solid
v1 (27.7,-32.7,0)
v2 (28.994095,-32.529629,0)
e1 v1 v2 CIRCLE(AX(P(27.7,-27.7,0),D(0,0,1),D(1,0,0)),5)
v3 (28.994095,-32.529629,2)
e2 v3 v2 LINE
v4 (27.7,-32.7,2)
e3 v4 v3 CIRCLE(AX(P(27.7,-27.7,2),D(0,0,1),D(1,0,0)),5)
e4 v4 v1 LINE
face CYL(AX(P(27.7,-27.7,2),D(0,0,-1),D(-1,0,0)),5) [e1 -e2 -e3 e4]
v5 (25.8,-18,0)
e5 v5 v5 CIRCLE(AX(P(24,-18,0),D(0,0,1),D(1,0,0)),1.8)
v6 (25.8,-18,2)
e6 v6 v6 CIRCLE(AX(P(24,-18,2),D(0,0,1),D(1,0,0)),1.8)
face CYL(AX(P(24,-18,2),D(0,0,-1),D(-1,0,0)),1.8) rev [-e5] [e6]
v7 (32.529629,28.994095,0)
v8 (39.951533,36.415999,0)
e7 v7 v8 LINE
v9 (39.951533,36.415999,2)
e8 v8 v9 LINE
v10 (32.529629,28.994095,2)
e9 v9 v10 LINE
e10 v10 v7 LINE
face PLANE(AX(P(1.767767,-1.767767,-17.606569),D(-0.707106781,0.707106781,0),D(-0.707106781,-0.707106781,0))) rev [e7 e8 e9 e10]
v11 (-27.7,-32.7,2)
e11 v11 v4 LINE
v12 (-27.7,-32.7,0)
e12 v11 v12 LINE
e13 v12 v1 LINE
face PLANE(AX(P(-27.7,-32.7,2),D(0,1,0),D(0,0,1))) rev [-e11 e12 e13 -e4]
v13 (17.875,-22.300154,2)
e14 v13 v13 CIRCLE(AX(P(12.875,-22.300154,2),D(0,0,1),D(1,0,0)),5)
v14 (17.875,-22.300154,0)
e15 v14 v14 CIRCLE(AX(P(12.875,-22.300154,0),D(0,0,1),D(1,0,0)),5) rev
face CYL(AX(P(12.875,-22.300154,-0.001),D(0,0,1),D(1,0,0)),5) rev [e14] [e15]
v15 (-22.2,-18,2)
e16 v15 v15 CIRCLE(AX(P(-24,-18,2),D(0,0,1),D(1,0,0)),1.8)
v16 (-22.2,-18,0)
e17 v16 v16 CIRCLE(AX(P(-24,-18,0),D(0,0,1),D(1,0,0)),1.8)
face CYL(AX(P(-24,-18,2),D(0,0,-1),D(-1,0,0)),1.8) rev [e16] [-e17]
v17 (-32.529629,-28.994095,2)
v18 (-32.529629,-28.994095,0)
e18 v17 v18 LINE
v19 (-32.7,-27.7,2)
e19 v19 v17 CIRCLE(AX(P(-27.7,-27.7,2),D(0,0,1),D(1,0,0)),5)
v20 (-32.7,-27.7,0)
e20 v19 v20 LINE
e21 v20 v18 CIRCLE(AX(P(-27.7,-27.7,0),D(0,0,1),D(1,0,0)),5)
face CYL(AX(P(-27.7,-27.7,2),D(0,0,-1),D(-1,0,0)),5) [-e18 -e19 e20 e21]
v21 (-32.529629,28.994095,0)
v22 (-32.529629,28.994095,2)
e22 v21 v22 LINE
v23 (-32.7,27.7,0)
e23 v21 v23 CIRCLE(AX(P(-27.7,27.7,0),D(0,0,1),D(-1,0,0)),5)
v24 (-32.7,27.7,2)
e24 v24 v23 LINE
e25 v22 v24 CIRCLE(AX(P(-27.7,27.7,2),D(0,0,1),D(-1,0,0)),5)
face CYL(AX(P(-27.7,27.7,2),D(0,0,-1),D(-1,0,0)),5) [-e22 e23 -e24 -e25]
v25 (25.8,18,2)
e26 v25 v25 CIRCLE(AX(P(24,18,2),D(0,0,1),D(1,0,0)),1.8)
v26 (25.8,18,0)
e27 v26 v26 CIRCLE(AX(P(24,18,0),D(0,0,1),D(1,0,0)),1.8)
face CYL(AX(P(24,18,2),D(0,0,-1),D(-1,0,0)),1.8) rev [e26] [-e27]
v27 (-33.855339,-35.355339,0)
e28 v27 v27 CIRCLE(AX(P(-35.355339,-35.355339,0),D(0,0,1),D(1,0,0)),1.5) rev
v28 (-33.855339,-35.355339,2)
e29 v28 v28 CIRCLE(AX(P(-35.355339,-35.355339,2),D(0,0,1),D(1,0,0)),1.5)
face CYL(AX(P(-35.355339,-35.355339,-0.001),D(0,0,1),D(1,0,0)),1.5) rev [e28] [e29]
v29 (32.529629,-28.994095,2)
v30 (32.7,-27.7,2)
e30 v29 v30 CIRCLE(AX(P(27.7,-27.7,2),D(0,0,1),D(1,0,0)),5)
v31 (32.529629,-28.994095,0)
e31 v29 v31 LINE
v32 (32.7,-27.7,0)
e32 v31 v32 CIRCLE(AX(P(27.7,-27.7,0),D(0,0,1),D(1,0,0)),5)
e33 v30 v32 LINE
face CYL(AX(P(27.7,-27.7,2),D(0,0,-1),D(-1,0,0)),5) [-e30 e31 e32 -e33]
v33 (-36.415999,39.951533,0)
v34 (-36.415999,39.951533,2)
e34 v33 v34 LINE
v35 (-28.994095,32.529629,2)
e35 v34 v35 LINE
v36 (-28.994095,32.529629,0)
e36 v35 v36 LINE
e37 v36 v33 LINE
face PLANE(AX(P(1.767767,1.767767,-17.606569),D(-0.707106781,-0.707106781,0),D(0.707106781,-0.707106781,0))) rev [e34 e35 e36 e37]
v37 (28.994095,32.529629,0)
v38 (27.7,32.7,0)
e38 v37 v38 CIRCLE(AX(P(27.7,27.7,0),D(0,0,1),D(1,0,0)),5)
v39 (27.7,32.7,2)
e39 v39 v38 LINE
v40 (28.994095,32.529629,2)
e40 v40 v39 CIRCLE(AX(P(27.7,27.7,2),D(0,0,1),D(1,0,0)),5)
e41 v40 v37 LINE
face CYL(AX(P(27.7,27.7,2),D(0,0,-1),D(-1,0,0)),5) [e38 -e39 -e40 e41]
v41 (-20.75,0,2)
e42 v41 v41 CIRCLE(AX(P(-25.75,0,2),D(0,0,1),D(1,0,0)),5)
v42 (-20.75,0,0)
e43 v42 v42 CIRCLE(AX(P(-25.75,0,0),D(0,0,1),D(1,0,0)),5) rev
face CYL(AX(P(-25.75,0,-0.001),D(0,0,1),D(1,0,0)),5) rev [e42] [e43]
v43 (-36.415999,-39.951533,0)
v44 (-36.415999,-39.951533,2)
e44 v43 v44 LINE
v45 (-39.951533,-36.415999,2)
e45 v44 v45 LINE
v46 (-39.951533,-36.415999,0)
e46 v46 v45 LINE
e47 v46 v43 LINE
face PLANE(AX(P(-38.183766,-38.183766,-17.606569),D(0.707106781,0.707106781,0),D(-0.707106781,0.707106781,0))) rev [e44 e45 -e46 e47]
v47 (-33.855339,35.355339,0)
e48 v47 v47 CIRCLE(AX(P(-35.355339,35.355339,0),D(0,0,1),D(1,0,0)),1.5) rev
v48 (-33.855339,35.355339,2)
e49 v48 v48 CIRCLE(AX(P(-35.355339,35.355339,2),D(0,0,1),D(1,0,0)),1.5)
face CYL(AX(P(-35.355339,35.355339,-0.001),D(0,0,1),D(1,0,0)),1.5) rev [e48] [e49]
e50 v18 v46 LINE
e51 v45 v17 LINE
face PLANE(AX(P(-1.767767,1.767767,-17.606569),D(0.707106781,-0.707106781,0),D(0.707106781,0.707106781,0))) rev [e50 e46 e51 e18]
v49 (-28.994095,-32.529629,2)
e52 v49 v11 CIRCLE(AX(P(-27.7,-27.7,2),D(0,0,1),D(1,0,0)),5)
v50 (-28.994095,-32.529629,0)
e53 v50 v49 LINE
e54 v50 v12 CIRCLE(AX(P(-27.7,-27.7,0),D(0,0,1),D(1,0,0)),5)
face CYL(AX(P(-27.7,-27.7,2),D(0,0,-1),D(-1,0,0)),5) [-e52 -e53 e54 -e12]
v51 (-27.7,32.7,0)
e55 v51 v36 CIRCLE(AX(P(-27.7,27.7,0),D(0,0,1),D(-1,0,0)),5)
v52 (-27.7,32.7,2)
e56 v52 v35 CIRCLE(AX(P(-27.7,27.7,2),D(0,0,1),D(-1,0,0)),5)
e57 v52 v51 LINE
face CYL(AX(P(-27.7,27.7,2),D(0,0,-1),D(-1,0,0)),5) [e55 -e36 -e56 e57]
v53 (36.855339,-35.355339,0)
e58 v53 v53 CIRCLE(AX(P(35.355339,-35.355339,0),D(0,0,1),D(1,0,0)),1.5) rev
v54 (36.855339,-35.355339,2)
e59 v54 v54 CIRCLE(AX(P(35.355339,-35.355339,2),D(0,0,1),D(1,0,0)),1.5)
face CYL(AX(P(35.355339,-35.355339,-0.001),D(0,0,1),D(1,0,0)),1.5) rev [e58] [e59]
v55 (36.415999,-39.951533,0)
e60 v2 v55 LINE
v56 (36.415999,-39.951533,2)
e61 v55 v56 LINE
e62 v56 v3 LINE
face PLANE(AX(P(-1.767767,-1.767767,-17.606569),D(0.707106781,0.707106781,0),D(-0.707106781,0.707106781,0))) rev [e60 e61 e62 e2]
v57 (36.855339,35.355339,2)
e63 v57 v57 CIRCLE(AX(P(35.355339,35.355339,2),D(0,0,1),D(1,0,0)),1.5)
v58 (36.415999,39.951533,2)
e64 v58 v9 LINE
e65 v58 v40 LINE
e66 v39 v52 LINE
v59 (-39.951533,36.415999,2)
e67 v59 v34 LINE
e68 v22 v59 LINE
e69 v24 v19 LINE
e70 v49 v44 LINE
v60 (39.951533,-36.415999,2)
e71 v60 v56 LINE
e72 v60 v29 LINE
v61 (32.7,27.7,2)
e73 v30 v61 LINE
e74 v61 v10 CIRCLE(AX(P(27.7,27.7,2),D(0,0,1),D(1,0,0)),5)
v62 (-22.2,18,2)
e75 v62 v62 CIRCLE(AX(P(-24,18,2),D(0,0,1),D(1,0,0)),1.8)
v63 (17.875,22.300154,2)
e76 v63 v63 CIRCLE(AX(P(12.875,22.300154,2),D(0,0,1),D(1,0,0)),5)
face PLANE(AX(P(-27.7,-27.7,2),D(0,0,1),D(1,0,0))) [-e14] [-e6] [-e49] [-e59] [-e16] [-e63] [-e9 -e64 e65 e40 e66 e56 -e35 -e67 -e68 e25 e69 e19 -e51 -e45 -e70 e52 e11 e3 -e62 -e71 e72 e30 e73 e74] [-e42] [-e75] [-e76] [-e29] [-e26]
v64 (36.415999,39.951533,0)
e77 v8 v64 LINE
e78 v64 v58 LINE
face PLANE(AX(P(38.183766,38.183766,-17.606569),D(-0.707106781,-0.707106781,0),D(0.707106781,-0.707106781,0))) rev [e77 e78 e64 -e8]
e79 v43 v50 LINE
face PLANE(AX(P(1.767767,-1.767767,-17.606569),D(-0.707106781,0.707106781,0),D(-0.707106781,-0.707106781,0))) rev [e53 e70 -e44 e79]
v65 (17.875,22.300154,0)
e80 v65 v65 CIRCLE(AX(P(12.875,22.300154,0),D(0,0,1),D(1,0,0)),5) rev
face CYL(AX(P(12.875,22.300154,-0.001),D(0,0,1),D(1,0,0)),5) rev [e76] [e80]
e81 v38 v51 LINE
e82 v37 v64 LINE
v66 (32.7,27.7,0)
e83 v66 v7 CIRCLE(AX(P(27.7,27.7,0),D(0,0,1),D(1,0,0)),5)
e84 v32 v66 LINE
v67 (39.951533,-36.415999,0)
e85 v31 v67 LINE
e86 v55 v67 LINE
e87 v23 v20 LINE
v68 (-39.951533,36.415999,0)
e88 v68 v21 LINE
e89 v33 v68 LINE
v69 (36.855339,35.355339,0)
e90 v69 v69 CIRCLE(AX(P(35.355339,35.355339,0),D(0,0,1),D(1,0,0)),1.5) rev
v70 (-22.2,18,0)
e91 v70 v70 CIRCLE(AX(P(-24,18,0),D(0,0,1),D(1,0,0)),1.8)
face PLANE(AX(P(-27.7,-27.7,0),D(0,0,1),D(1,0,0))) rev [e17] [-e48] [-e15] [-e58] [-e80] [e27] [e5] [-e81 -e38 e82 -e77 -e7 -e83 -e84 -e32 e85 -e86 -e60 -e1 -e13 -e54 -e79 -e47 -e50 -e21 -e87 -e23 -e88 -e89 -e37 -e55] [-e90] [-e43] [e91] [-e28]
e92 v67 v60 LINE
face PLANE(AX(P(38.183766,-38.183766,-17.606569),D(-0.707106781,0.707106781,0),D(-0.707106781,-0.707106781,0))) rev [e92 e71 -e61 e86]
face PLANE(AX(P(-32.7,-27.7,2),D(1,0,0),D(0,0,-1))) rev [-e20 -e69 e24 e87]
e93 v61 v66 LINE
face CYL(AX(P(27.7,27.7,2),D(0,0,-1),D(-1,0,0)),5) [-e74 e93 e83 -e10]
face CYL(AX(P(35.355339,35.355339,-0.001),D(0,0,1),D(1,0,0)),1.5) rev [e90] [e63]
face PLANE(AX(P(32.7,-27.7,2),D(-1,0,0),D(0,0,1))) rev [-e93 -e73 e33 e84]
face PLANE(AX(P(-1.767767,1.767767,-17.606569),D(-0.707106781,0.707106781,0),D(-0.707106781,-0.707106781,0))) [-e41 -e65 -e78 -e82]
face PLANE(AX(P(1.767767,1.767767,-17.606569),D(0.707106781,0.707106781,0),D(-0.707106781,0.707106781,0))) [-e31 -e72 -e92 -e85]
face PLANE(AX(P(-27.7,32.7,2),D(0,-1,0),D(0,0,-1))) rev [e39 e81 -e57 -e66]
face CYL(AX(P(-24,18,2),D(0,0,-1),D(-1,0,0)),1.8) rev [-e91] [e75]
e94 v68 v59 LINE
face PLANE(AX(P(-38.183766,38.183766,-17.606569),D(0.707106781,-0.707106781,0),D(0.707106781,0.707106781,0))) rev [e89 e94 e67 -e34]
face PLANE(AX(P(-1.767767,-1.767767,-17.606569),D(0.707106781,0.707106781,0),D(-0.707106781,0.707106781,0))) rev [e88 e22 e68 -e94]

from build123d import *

# Parameters (mm, degrees)
SKETCH_1_R          = 1.8
EXTRUDE_1_DEPTH     = 2
EXTRUDE_START       = -2
EXTRUDE_2_DEPTH     = 2
CUT_EXTRUDE_1_REACH = 58.535
SKETCH_4_R          = 1.5
CUT_EXTRUDE_2_REACH = 58.535
SKETCH_5_R          = 5


with BuildPart() as part:
    # 草图1 → 凸台-拉伸1 (new body)
    with BuildSketch(Plane.XY):
        with BuildLine():
            Line((-27.7, -32.7), (27.7, -32.7))
            ThreePointArc((27.7, -32.7), (31.235533906, -31.235533906), (32.7, -27.7))
            Line((32.7, -27.7), (32.7, 27.7))
            ThreePointArc((32.7, 27.7), (31.235533906, 31.235533906), (27.7, 32.7))
            Line((27.7, 32.7), (-27.7, 32.7))
            ThreePointArc((-27.7, 32.7), (-31.235533906, 31.235533906), (-32.7, 27.7))
            Line((-32.7, 27.7), (-32.7, -27.7))
            ThreePointArc((-32.7, -27.7), (-31.235533906, -31.235533906), (-27.7, -32.7))
        make_face()
        with Locations((24, 18)):
            Circle(SKETCH_1_R, mode=Mode.SUBTRACT)
        with Locations((-24, 18)):
            Circle(SKETCH_1_R, mode=Mode.SUBTRACT)
        with Locations((-24, -18)):
            Circle(SKETCH_1_R, mode=Mode.SUBTRACT)
        with Locations((24, -18)):
            Circle(SKETCH_1_R, mode=Mode.SUBTRACT)
    extrude(amount=EXTRUDE_1_DEPTH)

    # 草图3 → 凸台-拉伸2 (add)
    with BuildSketch(Plane.XY.offset(2).offset(EXTRUDE_START)):
        with BuildLine():
            Line((-39.951533137, 36.415999231), (-33.003300859, 29.467766953))
            Line((-33.003300859, 29.467766953), (-32.529629131, 28.994095226))
            ThreePointArc((-32.529629131, 28.994095226), (-31.235533906, 31.235533906), (-28.994095226, 32.529629131))
            Line((-28.994095226, 32.529629131), (-29.467766953, 33.003300859))
            Line((-29.467766953, 33.003300859), (-36.415999231, 39.951533137))
            Line((-36.415999231, 39.951533137), (-39.951533137, 36.415999231))
        make_face()
        with BuildLine():
            ThreePointArc((-28.994095226, 32.529629131), (-31.235533906, 31.235533906), (-32.529629131, 28.994095226))
            Line((-32.529629131, 28.994095226), (-31.037342597, 27.501808691))
            Line((-31.037342597, 27.501808691), (-27.501808691, 31.037342597))
            Line((-27.501808691, 31.037342597), (-28.994095226, 32.529629131))
        make_face()
        with BuildLine():
            ThreePointArc((32.529629131, 28.994095226), (31.235533906, 31.235533906), (28.994095226, 32.529629131))
            Line((28.994095226, 32.529629131), (27.501808691, 31.037342597))
            Line((27.501808691, 31.037342597), (31.037342597, 27.501808691))
            Line((31.037342597, 27.501808691), (32.529629131, 28.994095226))
        make_face()
        with BuildLine():
            Line((29.467766953, 33.003300859), (28.994095226, 32.529629131))
            ThreePointArc((28.994095226, 32.529629131), (31.235533906, 31.235533906), (32.529629131, 28.994095226))
            Line((32.529629131, 28.994095226), (33.003300859, 29.467766953))
            Line((33.003300859, 29.467766953), (39.951533137, 36.415999231))
            Line((39.951533137, 36.415999231), (36.415999231, 39.951533137))
            Line((36.415999231, 39.951533137), (29.467766953, 33.003300859))
        make_face()
        with BuildLine():
            Line((27.501808691, -31.037342597), (28.994095226, -32.529629131))
            ThreePointArc((28.994095226, -32.529629131), (31.235533906, -31.235533906), (32.529629131, -28.994095226))
            Line((32.529629131, -28.994095226), (31.037342597, -27.501808691))
            Line((31.037342597, -27.501808691), (27.501808691, -31.037342597))
        make_face()
        with BuildLine():
            ThreePointArc((32.529629131, -28.994095226), (31.235533906, -31.235533906), (28.994095226, -32.529629131))
            Line((28.994095226, -32.529629131), (29.467766953, -33.003300859))
            Line((29.467766953, -33.003300859), (36.415999231, -39.951533137))
            Line((36.415999231, -39.951533137), (39.951533137, -36.415999231))
            Line((39.951533137, -36.415999231), (33.003300859, -29.467766953))
            Line((33.003300859, -29.467766953), (32.529629131, -28.994095226))
        make_face()
        with BuildLine():
            ThreePointArc((-28.994095226, -32.529629131), (-31.235533906, -31.235533906), (-32.529629131, -28.994095226))
            Line((-32.529629131, -28.994095226), (-33.003300859, -29.467766953))
            Line((-33.003300859, -29.467766953), (-39.951533137, -36.415999231))
            Line((-39.951533137, -36.415999231), (-36.415999231, -39.951533137))
            Line((-36.415999231, -39.951533137), (-29.467766953, -33.003300859))
            Line((-29.467766953, -33.003300859), (-28.994095226, -32.529629131))
        make_face()
        with BuildLine():
            Line((-31.037342597, -27.501808691), (-32.529629131, -28.994095226))
            ThreePointArc((-32.529629131, -28.994095226), (-31.235533906, -31.235533906), (-28.994095226, -32.529629131))
            Line((-28.994095226, -32.529629131), (-27.501808691, -31.037342597))
            Line((-27.501808691, -31.037342597), (-31.037342597, -27.501808691))
        make_face()
    extrude(amount=EXTRUDE_2_DEPTH)

    # 草图4 → 切除-拉伸1 (cut, up to next)
    with BuildSketch(Plane.XY.offset(2), mode=Mode.PRIVATE) as cut_extrude_1_sk1:
        with Locations((-35.355339059, 35.355339059)):
            Circle(SKETCH_4_R)
    cut_extrude_1_tool1 = extrude(cut_extrude_1_sk1.sketch, amount=-CUT_EXTRUDE_1_REACH, mode=Mode.PRIVATE) & part.part
    # 草图4 → 切除-拉伸1 (cut, up to next)
    with BuildSketch(Plane.XY.offset(2), mode=Mode.PRIVATE) as cut_extrude_1_sk2:
        with Locations((35.355339059, 35.355339059)):
            Circle(SKETCH_4_R)
    cut_extrude_1_tool2 = extrude(cut_extrude_1_sk2.sketch, amount=-CUT_EXTRUDE_1_REACH, mode=Mode.PRIVATE) & part.part
    # 草图4 → 切除-拉伸1 (cut, up to next)
    with BuildSketch(Plane.XY.offset(2), mode=Mode.PRIVATE) as cut_extrude_1_sk3:
        with Locations((35.355339059, -35.355339059)):
            Circle(SKETCH_4_R)
    cut_extrude_1_tool3 = extrude(cut_extrude_1_sk3.sketch, amount=-CUT_EXTRUDE_1_REACH, mode=Mode.PRIVATE) & part.part
    # 草图4 → 切除-拉伸1 (cut, up to next)
    with BuildSketch(Plane.XY.offset(2), mode=Mode.PRIVATE) as cut_extrude_1_sk4:
        with Locations((-35.355339059, -35.355339059)):
            Circle(SKETCH_4_R)
    cut_extrude_1_tool4 = extrude(cut_extrude_1_sk4.sketch, amount=-CUT_EXTRUDE_1_REACH, mode=Mode.PRIVATE) & part.part
    add(cut_extrude_1_tool1.solids().sort_by_distance((-35.355339, 35.355339, 2))[0], mode=Mode.SUBTRACT)
    add(cut_extrude_1_tool2.solids().sort_by_distance((35.355339, 35.355339, 2))[0], mode=Mode.SUBTRACT)
    add(cut_extrude_1_tool3.solids().sort_by_distance((35.355339, -35.355339, 2))[0], mode=Mode.SUBTRACT)
    add(cut_extrude_1_tool4.solids().sort_by_distance((-35.355339, -35.355339, 2))[0], mode=Mode.SUBTRACT)

    # 草图5 → 切除-拉伸2 (cut, up to next)
    with BuildSketch(Plane.XY.offset(2), mode=Mode.PRIVATE) as cut_extrude_2_sk1:
        with Locations((-25.75, 0)):
            Circle(SKETCH_5_R)
    cut_extrude_2_tool1 = extrude(cut_extrude_2_sk1.sketch, amount=-CUT_EXTRUDE_2_REACH, mode=Mode.PRIVATE) & part.part
    # 草图5 → 切除-拉伸2 (cut, up to next)
    with BuildSketch(Plane.XY.offset(2), mode=Mode.PRIVATE) as cut_extrude_2_sk2:
        with Locations((12.875, 22.300154147)):
            Circle(SKETCH_5_R)
    cut_extrude_2_tool2 = extrude(cut_extrude_2_sk2.sketch, amount=-CUT_EXTRUDE_2_REACH, mode=Mode.PRIVATE) & part.part
    # 草图5 → 切除-拉伸2 (cut, up to next)
    with BuildSketch(Plane.XY.offset(2), mode=Mode.PRIVATE) as cut_extrude_2_sk3:
        with Locations((12.875, -22.300154147)):
            Circle(SKETCH_5_R)
    cut_extrude_2_tool3 = extrude(cut_extrude_2_sk3.sketch, amount=-CUT_EXTRUDE_2_REACH, mode=Mode.PRIVATE) & part.part
    add(cut_extrude_2_tool1.solids().sort_by_distance((-25.75, 0, 2))[0], mode=Mode.SUBTRACT)
    add(cut_extrude_2_tool2.solids().sort_by_distance((12.875, 22.300154, 2))[0], mode=Mode.SUBTRACT)
    add(cut_extrude_2_tool3.solids().sort_by_distance((12.875, -22.300154, 2))[0], mode=Mode.SUBTRACT)


solid = part.part
